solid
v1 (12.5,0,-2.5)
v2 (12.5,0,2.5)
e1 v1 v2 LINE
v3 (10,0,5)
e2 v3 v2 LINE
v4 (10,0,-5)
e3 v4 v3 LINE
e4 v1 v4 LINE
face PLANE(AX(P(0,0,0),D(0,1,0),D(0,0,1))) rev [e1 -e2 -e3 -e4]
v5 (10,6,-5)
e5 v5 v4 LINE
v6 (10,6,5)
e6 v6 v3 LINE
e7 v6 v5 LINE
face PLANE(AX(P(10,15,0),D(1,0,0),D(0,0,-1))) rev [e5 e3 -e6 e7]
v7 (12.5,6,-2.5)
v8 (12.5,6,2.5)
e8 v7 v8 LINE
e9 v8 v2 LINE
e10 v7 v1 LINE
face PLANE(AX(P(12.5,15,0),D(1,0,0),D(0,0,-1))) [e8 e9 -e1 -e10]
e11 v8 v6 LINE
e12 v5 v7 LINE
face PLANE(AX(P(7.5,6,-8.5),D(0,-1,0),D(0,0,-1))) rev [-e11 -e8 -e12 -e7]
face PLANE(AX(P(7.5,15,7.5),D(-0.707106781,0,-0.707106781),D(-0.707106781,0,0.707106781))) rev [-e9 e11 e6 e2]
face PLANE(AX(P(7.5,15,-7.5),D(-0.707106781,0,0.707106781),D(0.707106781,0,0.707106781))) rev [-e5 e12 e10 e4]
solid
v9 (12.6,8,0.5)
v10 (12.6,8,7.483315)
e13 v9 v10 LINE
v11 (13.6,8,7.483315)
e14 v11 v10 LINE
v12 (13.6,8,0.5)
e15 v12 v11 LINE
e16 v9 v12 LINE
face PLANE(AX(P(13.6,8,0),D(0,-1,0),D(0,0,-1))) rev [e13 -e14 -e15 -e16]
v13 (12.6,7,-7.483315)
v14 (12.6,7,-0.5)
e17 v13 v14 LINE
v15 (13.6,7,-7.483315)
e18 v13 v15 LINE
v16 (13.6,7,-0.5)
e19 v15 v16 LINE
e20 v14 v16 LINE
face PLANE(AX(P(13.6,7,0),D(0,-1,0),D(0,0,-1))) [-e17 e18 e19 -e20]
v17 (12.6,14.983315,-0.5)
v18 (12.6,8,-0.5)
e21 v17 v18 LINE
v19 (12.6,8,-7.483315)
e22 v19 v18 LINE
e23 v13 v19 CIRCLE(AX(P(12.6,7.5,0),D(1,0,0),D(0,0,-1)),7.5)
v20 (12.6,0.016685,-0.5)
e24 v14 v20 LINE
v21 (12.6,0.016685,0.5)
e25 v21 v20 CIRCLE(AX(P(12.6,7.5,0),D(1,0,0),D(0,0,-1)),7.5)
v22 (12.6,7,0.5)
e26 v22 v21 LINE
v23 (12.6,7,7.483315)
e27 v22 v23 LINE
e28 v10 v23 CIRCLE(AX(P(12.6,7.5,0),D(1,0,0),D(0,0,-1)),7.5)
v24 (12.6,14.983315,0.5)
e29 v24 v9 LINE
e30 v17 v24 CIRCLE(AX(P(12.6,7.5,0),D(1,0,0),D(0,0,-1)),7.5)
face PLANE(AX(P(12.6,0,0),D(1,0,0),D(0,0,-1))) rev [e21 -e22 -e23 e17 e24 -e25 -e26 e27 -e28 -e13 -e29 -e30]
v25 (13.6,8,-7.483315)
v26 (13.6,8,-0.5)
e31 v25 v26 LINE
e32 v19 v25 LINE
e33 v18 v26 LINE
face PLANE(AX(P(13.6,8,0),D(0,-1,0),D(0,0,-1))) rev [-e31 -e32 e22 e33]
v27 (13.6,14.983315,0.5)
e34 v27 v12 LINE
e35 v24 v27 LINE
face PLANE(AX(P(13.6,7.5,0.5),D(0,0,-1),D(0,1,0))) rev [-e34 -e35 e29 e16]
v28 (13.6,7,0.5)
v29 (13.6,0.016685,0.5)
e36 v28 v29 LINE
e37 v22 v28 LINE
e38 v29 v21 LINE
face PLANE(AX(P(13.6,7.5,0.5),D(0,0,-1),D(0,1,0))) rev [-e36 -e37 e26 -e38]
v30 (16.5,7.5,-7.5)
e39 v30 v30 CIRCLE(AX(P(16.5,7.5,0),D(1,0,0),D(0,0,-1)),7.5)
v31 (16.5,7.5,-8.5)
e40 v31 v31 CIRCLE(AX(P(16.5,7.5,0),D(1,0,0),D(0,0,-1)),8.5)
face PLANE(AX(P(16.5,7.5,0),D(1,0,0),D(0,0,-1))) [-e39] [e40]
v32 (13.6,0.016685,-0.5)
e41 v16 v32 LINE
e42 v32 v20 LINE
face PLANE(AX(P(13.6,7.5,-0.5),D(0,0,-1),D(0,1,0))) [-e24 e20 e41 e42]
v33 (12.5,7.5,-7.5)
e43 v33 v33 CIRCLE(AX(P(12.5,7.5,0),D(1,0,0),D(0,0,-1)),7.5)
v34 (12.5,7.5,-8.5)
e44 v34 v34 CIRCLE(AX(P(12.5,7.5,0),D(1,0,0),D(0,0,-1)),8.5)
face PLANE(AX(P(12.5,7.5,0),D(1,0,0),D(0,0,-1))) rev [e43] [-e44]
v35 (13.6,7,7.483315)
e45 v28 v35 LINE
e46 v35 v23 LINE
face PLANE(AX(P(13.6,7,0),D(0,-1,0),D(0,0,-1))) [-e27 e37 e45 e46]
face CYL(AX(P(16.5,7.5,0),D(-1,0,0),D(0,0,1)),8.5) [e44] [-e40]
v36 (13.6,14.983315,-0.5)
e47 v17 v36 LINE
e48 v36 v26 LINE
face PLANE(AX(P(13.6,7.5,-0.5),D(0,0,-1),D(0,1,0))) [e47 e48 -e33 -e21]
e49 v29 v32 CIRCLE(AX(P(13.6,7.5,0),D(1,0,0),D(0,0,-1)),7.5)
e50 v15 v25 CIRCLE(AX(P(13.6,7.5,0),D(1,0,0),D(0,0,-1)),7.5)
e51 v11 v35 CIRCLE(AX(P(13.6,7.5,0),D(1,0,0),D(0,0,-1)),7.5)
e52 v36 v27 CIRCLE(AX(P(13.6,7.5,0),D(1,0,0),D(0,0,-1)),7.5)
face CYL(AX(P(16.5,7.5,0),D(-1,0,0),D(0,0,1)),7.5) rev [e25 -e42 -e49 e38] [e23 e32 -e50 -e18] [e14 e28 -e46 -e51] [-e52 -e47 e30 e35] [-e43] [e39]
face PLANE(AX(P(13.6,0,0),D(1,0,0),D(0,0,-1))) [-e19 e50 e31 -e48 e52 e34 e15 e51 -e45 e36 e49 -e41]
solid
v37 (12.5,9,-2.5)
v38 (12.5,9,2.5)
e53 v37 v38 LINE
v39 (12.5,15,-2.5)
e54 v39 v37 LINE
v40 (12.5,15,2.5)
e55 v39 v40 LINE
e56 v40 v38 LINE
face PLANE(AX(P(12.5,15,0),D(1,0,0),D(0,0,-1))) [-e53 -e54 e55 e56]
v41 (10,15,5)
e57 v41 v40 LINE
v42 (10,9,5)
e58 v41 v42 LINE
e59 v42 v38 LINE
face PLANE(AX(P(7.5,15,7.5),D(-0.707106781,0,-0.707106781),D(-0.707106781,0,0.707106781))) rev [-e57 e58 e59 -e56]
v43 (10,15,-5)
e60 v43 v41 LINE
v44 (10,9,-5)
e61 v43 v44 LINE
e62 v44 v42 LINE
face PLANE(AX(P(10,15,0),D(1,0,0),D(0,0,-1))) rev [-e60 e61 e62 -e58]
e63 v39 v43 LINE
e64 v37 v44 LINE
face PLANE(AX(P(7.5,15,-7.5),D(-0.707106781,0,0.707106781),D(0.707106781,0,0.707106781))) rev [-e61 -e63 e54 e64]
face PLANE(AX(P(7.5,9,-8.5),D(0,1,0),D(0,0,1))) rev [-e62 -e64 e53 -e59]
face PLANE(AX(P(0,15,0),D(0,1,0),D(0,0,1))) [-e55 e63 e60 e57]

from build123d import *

# Parameters (mm, degrees)
BOSS_EXTRUDE1_DEPTH     = 15
SKETCH4_R               = 8.5
SKETCH4_R_2             = 7.5
EXTRUDE_THIN1_DEPTH     = 4
EXTRUDE_THIN5_START     = 0.1
EXTRUDE_THIN5_DEPTH     = 1
CIRPATTERN2_COUNT       = 4
CUT_EXTRUDE2_DEPTH      = 25.50510151
CUT_EXTRUDE2_DEPTH_BACK = 25.50510151
SKETCH9_W               = 5
SKETCH9_H               = 3


with BuildPart() as part:
    # Sketch3 → Boss-Extrude1 (new body)
    with BuildSketch(Plane(origin=(0, 0, 0), x_dir=(1, 0, 0), z_dir=(0, 1, 0))):
        Polygon((10, 5), (10, -5), (12.5, -2.5), (12.5, 2.5), align=None)
    extrude(amount=BOSS_EXTRUDE1_DEPTH)

    # Sketch9 → Cut-Extrude2 (cut, two sides: drawn at the far end of the back side and taken through both)
    with BuildSketch(Plane.XY.offset(-CUT_EXTRUDE2_DEPTH_BACK)):
        with Locations((10, 7.5)):
            Rectangle(SKETCH9_W, SKETCH9_H)
    extrude(amount=CUT_EXTRUDE2_DEPTH + CUT_EXTRUDE2_DEPTH_BACK, mode=Mode.SUBTRACT)


with BuildPart() as body_2:
    # Sketch4 → Extrude-Thin1 (new body)
    with BuildSketch(Plane(origin=(12.5, 0, 0), x_dir=(0, 0, -1), z_dir=(1, 0, 0))):
        with Locations((0, 7.5)):
            Circle(SKETCH4_R)
        with Locations((0, 7.5)):
            Circle(SKETCH4_R_2, mode=Mode.SUBTRACT)
    extrude(amount=EXTRUDE_THIN1_DEPTH)

    # Sketch7 → Extrude-Thin5 (add)
    with BuildSketch(Plane(origin=(12.5, 0, 0), x_dir=(0, 0, -1), z_dir=(1, 0, 0)).offset(EXTRUDE_THIN5_START)):
        Polygon((-8.036394857, 7), (0, 7), (8.036394857, 7), (8.036394857, 8), (0, 8), (-8.036394857, 8), align=None)
    extrude_thin5 = extrude(amount=EXTRUDE_THIN5_DEPTH)

    # CirPattern2: Extrude-Thin5 ×4 about axis
    cirpattern2_axis = Axis((16.5, 7.5, 0), (1, 0, 0))
    for i in range(1, CIRPATTERN2_COUNT):
        add(extrude_thin5.rotate(cirpattern2_axis, i * 360 / CIRPATTERN2_COUNT))


with BuildPart() as cut_extrude2_piece_1:
    # of the separate pieces the step leaves, piece 1, a body of its own (cut_extrude2_pieces)
    add(part.part.solids().sort_by_distance((10, 0, -5))[0])


with BuildPart() as cut_extrude2_piece_2:
    # of the separate pieces the step leaves, piece 2, a body of its own (cut_extrude2_pieces)
    add(part.part.solids().sort_by_distance((10, 9, -5))[0])


solid = Compound([body_2.part, cut_extrude2_piece_1.part, cut_extrude2_piece_2.part])
